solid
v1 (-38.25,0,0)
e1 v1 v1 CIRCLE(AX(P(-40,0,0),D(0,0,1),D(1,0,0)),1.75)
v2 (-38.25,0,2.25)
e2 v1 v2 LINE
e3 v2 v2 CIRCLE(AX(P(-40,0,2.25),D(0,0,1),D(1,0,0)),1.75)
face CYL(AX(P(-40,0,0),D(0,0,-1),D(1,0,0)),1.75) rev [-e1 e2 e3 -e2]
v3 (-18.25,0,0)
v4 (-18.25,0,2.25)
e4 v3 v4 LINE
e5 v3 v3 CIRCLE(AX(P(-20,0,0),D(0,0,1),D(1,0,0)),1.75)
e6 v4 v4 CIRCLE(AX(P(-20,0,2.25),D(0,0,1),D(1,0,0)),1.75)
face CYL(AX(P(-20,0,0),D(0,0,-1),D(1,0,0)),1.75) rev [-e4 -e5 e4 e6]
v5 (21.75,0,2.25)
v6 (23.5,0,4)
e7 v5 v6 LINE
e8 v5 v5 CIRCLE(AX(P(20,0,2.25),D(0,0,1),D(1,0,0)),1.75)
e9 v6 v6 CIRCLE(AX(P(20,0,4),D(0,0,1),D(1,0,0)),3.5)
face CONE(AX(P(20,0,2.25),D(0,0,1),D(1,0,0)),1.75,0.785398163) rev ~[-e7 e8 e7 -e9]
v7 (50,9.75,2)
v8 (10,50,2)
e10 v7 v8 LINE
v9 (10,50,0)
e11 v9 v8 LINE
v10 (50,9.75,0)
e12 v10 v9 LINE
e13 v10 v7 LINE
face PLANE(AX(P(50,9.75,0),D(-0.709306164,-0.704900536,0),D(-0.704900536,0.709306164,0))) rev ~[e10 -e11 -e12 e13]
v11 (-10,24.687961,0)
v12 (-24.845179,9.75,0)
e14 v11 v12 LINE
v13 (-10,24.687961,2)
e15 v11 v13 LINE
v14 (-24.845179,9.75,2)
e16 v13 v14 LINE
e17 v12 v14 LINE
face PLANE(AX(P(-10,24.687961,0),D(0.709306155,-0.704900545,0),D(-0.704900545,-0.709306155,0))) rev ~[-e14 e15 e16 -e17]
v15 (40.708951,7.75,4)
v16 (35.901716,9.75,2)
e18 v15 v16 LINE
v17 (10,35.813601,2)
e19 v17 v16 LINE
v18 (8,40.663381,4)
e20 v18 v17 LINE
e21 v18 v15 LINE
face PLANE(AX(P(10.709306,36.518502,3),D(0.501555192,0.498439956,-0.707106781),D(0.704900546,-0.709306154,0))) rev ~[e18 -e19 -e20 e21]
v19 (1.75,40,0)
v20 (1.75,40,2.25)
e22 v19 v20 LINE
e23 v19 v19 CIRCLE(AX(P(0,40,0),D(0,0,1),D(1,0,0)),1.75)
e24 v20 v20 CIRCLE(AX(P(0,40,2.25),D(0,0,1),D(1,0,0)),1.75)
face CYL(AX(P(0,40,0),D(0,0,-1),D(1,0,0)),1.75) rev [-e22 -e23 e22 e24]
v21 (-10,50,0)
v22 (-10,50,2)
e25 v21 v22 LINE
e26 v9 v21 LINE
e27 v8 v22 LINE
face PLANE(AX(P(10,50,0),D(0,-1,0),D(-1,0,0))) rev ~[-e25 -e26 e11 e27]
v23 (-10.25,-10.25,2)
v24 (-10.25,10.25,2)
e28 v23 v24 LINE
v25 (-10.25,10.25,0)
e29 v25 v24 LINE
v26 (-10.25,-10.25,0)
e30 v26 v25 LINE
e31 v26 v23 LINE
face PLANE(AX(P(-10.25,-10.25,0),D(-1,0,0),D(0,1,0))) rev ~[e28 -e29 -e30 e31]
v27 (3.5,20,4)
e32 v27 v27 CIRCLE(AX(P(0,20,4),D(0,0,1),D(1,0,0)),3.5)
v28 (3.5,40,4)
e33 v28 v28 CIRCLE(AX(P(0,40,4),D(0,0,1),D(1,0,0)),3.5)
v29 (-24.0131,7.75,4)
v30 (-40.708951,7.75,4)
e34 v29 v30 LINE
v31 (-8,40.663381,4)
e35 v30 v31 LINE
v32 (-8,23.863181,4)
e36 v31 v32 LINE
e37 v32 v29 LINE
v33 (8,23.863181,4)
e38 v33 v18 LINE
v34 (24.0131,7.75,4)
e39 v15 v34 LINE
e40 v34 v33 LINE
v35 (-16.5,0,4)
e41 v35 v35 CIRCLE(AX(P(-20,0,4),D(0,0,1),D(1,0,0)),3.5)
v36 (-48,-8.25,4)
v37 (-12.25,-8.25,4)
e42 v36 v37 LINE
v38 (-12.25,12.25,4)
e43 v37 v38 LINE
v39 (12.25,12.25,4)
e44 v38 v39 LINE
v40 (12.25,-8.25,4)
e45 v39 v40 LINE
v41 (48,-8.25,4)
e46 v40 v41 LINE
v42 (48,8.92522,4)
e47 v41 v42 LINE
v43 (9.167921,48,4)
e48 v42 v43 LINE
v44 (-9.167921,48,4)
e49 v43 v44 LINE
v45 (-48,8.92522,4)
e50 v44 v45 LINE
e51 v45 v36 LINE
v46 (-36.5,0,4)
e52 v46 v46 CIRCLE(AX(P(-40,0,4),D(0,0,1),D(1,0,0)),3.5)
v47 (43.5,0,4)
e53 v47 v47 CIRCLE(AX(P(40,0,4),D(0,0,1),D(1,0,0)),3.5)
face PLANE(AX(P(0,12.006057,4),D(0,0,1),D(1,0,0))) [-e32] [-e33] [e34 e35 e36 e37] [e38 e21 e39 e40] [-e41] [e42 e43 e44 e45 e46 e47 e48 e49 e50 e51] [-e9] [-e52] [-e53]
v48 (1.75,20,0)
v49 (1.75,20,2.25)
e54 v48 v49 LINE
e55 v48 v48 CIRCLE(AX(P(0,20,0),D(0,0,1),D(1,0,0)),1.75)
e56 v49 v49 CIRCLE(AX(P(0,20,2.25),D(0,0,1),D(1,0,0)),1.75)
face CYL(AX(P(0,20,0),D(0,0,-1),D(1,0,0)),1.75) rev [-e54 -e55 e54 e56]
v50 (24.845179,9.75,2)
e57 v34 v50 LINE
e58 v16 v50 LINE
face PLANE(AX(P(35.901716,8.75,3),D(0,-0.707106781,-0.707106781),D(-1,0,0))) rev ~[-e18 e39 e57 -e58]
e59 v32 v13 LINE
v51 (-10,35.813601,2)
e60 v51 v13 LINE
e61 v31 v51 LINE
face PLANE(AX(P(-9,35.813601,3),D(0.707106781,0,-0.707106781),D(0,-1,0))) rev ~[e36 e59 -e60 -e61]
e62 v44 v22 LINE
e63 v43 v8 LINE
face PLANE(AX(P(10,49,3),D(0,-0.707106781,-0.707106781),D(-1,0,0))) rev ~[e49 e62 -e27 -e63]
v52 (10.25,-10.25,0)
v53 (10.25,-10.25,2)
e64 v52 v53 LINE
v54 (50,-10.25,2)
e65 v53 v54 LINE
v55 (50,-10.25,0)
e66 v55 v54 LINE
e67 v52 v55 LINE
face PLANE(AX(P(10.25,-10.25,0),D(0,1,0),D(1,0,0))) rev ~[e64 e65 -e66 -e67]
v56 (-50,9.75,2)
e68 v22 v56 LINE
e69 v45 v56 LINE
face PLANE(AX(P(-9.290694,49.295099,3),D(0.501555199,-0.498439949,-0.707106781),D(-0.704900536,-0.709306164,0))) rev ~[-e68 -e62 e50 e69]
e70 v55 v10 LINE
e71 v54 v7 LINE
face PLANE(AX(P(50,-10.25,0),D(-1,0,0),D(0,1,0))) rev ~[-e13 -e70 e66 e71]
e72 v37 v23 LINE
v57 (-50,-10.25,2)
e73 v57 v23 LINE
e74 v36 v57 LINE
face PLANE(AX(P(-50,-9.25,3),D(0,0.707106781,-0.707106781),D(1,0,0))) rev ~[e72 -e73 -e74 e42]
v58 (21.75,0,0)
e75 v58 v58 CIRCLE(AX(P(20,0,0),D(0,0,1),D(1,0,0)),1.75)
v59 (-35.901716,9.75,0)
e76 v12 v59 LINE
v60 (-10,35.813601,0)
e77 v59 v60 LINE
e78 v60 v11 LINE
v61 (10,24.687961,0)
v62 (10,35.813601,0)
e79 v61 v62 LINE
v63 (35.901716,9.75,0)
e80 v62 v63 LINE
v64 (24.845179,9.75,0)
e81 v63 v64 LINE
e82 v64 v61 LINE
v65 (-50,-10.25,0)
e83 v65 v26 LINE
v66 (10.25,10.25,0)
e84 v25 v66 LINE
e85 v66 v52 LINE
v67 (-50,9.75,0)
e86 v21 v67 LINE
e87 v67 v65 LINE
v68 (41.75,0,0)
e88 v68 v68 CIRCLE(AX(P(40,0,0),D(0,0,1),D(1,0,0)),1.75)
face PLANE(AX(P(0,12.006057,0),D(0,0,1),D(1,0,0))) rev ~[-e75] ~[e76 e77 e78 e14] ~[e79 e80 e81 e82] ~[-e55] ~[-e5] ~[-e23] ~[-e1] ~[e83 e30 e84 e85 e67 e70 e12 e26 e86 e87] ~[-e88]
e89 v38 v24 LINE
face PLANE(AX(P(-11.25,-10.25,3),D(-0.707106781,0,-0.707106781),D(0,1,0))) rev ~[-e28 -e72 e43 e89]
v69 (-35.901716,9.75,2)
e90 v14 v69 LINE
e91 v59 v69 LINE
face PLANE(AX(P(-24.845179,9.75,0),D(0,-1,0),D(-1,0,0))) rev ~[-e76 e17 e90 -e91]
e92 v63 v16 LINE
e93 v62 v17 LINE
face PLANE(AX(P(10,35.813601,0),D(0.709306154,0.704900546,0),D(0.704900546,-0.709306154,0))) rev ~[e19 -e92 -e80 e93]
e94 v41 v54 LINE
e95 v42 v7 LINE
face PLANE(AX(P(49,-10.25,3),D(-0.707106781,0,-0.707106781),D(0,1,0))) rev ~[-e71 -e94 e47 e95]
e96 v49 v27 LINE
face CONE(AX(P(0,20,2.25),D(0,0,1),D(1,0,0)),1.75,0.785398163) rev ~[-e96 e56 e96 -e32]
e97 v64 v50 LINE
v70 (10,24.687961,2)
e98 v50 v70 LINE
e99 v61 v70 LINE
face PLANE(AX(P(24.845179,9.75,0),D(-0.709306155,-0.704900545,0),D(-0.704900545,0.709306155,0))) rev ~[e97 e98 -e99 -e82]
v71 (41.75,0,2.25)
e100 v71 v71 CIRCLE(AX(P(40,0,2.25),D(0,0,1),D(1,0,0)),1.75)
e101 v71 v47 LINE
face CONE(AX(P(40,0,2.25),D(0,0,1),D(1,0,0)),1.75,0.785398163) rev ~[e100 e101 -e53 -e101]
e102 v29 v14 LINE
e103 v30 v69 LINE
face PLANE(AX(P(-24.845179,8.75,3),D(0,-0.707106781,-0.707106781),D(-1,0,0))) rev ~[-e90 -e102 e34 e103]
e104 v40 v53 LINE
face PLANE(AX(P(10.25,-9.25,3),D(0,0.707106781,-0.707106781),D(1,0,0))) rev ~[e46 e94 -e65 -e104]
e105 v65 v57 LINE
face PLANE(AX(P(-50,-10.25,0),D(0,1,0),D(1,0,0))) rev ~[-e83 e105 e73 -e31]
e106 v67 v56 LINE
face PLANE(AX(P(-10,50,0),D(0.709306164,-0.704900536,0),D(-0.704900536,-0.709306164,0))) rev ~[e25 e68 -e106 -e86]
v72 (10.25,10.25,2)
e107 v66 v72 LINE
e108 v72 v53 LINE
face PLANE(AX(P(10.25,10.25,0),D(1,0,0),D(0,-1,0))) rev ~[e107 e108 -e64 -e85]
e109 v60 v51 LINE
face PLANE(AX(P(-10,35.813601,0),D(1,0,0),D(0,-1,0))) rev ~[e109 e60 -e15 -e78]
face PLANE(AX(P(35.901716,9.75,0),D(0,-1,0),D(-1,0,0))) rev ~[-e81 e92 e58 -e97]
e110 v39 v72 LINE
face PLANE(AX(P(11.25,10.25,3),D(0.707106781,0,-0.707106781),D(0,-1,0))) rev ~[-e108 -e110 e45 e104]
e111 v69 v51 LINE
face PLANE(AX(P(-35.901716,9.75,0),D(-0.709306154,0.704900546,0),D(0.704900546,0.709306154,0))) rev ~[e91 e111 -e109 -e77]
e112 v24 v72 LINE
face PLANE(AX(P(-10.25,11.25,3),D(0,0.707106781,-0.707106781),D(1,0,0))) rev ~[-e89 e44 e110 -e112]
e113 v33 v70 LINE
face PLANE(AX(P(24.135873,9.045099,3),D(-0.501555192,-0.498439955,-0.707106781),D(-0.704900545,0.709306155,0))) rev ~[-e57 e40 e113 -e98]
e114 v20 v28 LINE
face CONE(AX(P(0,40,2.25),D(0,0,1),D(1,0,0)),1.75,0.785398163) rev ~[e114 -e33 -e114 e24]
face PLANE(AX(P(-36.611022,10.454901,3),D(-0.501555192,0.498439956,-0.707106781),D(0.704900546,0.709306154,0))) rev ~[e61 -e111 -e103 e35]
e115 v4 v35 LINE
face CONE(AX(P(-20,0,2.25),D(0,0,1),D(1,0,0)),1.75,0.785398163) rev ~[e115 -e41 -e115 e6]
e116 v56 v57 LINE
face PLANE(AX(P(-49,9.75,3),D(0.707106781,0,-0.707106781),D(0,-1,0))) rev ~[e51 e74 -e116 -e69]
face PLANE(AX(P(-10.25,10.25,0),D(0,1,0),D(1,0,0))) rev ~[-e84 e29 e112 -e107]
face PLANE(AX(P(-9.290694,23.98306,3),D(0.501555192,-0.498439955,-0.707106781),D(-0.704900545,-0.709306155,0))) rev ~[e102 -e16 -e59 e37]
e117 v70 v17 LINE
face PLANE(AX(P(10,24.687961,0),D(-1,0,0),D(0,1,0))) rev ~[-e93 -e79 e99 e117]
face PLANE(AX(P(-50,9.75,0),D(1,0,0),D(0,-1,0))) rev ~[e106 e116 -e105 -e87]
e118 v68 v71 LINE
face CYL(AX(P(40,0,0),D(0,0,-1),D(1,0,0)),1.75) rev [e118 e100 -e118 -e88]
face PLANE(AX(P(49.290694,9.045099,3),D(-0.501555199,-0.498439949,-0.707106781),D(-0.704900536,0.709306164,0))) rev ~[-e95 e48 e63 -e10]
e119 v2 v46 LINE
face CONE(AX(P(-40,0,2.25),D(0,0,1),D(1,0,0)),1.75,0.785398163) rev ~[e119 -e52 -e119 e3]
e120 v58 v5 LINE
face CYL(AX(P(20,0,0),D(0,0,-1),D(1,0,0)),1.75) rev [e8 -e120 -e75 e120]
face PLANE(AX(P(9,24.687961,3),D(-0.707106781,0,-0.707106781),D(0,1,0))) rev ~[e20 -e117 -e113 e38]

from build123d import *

# Parameters (mm, degrees)
F0_R     = 1.75
F1_DEPTH = 4
F2_SIZE  = 1.75
F3_SIZE  = 2


with BuildPart() as f1:
    # F0 (on Top) → F1 (new body)
    with BuildSketch(Plane.XY):
        Polygon((10.25, 10.25), (10.25, -10.25), (50, -10.25), (50, 9.75), (10, 50), (0, 50), (-10, 50), (-50, 9.75), (-50, -10.25), (-10.25, -10.25), (-10.25, 10.25), (0, 10.25), align=None)
        with Locations((-40, 0)):
            Circle(F0_R, mode=Mode.SUBTRACT)
        with Locations((-20, 0)):
            Circle(F0_R, mode=Mode.SUBTRACT)
        with Locations((20, 0)):
            Circle(F0_R, mode=Mode.SUBTRACT)
        with Locations((40, 0)):
            Circle(F0_R, mode=Mode.SUBTRACT)
        Polygon((-35.901716, 9.75), (-10, 35.813601), (-10, 24.687961), (-24.845179, 9.75), align=None, mode=Mode.SUBTRACT)
        with Locations((0, 20)):
            Circle(F0_R, mode=Mode.SUBTRACT)
        Polygon((10, 24.687961), (10, 35.813601), (35.901716, 9.75), (24.845179, 9.75), align=None, mode=Mode.SUBTRACT)
        with Locations((0, 40)):
            Circle(F0_R, mode=Mode.SUBTRACT)
    extrude(amount=F1_DEPTH)

    # F2
    f2_edges = [f1.edges().sort_by_distance(p)[0] for p in [
        (-21.75, 0, 4),
        (-41.75, 0, 4),
        (-1.75, 20, 4),
        (-1.75, 40, 4),
        (18.25, 0, 4),
        (38.25, 0, 4),
    ]]
    chamfer(f2_edges, length=F2_SIZE)

    # F3
    f3_edges = [f1.edges().sort_by_distance(p)[0] for p in [
        (-30, 29.875, 4),
        (-50, -0.25, 4),
        (-30.125, -10.25, 4),
        (-10.25, 0, 4),
        (0, 10.25, 4),
        (10.25, 0, 4),
        (30.125, -10.25, 4),
        (50, -0.25, 4),
        (30, 29.875, 4),
        (0, 50, 4),
        (22.950858, 22.781801, 4),
        (10, 30.250781, 4),
        (17.422589, 17.218981, 4),
        (30.373447, 9.75, 4),
        (-17.422589, 17.218981, 4),
        (-30.373447, 9.75, 4),
        (-22.950858, 22.781801, 4),
        (-10, 30.250781, 4),
    ]]
    chamfer(f3_edges, length=F3_SIZE)


solid = f1.part
